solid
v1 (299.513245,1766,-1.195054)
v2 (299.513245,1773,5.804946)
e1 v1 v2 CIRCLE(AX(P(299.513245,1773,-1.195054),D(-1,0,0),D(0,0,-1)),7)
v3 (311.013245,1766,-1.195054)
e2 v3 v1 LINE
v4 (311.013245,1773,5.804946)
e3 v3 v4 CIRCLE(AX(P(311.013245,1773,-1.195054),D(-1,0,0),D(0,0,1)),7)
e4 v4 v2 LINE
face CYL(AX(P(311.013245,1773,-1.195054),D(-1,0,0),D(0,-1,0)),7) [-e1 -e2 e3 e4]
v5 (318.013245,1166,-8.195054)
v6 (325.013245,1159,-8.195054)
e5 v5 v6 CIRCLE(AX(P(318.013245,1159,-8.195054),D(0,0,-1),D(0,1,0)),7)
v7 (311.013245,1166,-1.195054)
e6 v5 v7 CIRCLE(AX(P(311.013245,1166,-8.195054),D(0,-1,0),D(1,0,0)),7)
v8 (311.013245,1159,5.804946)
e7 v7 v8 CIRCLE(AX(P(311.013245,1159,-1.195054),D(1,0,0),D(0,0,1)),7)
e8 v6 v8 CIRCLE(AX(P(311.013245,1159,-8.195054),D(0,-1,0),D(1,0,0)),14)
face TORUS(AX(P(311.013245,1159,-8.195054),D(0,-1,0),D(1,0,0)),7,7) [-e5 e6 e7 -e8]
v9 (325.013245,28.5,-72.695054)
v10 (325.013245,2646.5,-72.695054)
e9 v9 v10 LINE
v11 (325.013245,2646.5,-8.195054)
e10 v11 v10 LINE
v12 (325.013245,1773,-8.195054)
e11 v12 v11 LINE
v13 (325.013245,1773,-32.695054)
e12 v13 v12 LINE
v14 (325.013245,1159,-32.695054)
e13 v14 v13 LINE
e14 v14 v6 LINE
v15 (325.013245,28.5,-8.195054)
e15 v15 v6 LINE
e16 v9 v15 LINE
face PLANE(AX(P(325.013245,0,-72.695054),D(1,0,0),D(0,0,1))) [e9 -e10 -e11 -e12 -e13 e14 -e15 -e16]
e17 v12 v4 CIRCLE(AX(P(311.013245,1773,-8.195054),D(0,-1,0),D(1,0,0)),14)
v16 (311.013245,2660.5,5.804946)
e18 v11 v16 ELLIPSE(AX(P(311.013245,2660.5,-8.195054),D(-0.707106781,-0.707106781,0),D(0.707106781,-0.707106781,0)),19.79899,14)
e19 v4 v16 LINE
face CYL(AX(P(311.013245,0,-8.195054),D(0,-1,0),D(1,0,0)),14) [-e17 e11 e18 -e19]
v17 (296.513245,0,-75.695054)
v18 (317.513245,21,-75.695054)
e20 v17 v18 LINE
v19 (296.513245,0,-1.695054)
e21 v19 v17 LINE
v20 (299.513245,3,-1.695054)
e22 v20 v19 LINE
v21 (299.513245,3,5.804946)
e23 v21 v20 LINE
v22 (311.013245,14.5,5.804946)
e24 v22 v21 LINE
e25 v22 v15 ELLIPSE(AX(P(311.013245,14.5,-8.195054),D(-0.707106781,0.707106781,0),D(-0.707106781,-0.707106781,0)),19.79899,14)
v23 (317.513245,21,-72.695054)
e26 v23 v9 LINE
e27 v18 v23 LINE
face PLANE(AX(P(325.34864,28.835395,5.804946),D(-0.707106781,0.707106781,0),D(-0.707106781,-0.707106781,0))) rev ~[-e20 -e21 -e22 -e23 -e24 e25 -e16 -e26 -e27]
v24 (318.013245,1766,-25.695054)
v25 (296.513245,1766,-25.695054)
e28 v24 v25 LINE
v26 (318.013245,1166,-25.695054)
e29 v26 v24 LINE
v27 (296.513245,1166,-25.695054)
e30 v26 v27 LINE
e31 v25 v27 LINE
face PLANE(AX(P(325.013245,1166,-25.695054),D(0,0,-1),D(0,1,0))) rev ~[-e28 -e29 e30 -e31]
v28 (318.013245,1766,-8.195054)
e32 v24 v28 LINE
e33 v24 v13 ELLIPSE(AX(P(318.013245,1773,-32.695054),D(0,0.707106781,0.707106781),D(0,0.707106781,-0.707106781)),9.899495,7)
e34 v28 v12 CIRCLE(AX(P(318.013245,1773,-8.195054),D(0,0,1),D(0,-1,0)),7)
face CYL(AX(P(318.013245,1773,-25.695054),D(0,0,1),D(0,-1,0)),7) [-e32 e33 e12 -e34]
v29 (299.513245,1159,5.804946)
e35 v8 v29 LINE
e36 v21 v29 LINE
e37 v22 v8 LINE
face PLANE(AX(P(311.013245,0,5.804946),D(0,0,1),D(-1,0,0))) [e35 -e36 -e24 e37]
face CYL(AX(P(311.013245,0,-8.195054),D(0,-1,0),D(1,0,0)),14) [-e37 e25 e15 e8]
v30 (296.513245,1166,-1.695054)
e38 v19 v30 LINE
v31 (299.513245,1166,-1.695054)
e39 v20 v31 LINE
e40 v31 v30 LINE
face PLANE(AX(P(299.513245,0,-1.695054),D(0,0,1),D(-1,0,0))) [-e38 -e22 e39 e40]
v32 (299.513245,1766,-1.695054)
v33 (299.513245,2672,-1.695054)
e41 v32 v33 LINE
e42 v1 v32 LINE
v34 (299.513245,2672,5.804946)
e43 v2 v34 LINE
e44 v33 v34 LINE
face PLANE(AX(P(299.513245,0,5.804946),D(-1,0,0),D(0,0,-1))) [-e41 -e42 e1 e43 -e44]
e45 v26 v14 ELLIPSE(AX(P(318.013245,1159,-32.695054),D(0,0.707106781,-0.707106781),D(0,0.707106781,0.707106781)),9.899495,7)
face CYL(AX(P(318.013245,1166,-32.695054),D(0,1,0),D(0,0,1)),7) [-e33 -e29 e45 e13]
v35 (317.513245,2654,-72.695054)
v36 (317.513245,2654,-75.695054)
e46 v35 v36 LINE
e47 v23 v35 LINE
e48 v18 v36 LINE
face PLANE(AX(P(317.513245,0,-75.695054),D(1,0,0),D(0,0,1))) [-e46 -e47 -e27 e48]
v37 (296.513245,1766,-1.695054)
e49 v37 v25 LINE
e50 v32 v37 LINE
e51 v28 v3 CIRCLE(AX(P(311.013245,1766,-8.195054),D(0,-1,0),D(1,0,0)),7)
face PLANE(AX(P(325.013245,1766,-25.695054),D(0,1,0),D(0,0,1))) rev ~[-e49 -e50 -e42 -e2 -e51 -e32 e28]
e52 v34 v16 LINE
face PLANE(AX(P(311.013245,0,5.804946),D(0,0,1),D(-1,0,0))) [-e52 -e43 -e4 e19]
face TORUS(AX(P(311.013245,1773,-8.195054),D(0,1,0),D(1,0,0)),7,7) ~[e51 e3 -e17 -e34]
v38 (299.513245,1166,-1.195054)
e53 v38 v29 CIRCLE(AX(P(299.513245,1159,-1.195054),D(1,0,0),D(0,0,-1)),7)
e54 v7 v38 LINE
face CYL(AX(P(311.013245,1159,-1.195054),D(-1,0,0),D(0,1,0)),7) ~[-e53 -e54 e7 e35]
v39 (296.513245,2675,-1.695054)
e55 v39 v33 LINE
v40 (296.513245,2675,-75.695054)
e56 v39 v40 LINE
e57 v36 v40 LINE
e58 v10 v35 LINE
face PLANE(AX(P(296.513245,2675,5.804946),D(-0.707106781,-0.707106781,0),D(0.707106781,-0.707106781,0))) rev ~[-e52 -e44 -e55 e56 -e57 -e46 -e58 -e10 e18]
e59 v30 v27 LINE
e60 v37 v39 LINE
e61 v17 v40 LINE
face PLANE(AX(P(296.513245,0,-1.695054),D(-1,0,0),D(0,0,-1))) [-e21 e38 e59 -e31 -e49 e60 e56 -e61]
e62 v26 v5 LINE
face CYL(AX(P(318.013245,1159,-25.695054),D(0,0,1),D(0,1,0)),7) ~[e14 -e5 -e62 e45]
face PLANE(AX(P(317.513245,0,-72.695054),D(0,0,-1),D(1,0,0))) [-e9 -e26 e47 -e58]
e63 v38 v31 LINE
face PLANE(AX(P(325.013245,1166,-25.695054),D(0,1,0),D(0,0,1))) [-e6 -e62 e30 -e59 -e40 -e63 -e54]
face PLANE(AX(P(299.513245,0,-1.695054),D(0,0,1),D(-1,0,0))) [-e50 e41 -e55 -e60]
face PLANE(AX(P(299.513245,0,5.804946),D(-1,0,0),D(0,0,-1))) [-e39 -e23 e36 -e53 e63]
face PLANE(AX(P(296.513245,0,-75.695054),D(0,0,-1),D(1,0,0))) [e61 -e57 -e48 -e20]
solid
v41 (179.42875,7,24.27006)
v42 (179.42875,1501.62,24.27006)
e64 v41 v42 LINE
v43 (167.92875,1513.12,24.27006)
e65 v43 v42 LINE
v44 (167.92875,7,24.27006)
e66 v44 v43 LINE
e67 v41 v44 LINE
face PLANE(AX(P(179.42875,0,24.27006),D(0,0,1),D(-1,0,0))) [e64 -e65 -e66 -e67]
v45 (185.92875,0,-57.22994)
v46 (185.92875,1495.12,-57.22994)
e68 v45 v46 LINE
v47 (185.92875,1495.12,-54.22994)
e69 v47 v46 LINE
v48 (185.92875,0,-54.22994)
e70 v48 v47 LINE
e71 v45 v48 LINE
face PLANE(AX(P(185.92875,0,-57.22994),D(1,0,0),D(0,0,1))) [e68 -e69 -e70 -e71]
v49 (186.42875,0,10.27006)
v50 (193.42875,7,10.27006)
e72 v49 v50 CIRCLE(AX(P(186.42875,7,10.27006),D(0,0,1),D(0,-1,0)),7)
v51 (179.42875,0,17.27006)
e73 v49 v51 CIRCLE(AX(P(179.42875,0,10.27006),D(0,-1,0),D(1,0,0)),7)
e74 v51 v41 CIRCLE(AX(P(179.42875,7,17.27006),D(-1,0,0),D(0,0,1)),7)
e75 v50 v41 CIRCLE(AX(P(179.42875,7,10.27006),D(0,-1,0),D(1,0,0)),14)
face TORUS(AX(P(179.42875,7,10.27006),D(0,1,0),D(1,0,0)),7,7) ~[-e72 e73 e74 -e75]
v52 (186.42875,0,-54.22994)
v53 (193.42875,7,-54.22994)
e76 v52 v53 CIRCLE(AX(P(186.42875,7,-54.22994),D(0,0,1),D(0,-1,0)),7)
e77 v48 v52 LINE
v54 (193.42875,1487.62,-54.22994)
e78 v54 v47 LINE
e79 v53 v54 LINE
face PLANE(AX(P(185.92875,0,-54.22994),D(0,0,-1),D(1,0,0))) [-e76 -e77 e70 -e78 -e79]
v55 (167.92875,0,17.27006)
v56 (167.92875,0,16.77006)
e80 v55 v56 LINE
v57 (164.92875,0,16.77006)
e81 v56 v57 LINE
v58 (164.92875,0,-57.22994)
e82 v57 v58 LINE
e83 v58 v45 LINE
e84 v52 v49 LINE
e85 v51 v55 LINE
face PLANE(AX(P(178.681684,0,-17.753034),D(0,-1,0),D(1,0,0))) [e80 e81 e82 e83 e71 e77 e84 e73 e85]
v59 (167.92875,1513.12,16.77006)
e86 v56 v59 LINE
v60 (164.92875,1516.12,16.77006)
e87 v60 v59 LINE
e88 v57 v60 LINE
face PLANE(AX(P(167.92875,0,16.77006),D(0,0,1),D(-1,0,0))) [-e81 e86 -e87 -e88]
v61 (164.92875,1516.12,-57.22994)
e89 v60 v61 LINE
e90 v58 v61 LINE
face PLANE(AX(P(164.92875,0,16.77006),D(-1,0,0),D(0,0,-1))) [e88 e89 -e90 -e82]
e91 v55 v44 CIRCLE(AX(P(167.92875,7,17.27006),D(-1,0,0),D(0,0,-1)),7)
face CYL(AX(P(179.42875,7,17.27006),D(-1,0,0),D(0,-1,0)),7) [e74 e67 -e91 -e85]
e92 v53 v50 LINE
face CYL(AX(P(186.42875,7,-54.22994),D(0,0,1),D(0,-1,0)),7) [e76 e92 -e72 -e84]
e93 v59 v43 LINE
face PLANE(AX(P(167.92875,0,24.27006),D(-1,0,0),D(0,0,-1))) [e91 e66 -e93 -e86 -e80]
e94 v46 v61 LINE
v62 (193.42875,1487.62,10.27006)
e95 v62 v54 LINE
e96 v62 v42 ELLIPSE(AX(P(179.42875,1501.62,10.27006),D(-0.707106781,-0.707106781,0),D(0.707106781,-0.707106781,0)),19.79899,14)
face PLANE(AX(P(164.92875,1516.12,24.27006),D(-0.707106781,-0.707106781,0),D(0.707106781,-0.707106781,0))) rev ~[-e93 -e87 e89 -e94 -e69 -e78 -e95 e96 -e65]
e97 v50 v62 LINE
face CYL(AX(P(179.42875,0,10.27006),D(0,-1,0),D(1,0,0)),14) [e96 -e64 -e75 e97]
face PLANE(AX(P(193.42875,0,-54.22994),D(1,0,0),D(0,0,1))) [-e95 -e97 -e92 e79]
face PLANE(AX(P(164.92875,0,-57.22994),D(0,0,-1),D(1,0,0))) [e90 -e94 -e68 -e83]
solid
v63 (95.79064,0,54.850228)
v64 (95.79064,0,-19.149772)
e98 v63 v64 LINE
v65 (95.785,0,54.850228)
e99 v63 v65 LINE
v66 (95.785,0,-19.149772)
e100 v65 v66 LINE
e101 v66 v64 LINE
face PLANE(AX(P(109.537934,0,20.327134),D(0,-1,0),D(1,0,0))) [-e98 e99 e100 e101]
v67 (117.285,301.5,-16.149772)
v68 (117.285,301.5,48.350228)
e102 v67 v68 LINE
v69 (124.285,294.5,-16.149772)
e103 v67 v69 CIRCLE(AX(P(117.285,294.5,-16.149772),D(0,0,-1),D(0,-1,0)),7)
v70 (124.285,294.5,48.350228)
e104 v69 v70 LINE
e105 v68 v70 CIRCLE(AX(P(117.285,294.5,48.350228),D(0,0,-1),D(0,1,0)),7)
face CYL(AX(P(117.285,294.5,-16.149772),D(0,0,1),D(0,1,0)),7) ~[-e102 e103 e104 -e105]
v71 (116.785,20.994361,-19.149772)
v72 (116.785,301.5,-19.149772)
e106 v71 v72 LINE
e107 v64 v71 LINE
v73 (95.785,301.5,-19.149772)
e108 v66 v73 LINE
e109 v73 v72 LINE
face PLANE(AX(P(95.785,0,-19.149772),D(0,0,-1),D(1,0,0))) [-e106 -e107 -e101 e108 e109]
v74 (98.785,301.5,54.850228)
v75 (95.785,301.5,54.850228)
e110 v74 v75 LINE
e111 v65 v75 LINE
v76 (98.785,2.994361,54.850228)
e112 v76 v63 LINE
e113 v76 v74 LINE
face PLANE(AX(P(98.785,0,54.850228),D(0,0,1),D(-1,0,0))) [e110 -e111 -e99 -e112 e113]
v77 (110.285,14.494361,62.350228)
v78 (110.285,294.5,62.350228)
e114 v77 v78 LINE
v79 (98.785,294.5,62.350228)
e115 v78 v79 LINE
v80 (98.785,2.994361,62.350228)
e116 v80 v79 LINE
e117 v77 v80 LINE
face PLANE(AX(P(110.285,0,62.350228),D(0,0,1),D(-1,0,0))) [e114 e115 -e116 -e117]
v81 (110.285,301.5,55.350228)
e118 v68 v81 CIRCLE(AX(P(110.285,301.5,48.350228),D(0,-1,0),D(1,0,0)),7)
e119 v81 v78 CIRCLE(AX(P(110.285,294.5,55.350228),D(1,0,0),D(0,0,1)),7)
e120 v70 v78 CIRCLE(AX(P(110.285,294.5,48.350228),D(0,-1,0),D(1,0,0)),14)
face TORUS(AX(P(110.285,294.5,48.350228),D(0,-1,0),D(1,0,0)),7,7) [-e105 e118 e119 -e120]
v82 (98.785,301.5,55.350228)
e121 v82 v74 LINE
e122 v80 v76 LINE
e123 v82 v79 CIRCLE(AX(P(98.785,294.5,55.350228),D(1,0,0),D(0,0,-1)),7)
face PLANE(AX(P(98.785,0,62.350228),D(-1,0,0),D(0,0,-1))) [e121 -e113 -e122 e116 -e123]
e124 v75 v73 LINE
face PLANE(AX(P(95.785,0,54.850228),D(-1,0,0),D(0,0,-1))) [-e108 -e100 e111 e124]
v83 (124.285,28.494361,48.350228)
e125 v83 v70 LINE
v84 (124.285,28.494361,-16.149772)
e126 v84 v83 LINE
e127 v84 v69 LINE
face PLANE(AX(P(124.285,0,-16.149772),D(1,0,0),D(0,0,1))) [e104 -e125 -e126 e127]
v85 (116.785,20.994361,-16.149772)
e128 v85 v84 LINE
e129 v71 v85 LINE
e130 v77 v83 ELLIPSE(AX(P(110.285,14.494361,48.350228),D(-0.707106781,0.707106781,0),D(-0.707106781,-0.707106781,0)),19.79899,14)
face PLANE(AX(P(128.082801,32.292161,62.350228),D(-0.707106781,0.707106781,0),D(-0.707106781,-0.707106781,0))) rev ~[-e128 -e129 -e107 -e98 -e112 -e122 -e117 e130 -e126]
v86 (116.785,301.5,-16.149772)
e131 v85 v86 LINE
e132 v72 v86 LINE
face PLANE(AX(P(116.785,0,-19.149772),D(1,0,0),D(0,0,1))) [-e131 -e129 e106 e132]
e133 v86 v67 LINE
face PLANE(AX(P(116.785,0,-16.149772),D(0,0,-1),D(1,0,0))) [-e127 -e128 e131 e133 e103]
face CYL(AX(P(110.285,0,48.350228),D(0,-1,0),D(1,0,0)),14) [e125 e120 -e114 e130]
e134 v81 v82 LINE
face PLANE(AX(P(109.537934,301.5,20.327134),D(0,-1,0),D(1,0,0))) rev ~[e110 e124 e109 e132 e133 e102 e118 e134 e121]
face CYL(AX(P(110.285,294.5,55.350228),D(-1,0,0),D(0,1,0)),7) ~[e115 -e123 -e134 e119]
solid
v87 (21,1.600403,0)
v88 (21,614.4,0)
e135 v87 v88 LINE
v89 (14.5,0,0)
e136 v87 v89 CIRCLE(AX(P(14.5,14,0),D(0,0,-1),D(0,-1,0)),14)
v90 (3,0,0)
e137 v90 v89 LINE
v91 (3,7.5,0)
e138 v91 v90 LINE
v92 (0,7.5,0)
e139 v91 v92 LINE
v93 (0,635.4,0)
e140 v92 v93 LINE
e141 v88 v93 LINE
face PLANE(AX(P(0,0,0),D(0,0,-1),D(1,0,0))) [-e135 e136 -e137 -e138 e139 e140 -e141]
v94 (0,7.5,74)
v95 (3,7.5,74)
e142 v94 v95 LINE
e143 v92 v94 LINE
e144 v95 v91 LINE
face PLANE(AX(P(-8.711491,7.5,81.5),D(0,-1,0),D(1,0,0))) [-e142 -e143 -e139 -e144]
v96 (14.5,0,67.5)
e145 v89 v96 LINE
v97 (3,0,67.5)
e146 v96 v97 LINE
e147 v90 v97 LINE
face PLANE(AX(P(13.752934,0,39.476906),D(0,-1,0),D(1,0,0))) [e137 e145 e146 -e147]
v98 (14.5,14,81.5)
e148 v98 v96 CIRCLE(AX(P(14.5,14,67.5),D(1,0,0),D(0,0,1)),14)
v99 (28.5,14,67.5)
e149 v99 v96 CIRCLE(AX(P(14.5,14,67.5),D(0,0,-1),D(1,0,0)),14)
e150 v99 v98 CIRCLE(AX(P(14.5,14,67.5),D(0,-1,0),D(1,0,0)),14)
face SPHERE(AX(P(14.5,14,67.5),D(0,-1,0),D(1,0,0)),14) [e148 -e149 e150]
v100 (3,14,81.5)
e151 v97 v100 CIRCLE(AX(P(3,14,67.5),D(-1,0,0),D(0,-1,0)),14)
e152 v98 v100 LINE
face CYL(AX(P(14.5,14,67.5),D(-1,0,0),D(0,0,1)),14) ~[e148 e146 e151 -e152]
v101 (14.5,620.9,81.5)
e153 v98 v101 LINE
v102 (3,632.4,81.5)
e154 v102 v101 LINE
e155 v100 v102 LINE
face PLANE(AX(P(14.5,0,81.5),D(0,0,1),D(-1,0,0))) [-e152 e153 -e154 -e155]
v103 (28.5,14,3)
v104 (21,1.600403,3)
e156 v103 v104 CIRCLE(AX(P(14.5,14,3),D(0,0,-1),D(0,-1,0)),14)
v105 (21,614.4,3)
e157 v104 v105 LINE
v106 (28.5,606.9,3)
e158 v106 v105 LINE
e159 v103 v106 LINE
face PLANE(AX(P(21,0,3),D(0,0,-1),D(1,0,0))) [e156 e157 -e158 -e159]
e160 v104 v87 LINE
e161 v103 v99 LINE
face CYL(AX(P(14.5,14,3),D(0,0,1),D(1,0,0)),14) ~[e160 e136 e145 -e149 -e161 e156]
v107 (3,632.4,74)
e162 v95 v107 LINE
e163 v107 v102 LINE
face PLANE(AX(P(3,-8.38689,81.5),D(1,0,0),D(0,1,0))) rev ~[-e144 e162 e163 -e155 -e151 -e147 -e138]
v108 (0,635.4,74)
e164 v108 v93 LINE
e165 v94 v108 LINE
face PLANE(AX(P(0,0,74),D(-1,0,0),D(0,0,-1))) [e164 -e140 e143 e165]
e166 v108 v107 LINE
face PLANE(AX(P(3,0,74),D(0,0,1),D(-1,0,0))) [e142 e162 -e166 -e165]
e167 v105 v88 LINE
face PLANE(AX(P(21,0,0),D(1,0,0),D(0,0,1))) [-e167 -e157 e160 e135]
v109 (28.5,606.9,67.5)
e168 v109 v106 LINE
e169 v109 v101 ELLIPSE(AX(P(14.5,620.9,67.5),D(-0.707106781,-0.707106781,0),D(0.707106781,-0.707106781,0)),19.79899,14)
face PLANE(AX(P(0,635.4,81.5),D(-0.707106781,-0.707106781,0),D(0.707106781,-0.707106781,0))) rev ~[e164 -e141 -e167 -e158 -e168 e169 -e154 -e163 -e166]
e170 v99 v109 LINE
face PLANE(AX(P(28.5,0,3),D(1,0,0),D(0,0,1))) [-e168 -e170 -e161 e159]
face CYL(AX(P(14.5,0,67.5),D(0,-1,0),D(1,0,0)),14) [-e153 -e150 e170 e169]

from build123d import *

# Parameters (mm, degrees)
F1_DEPTH  = 635.4
F2_R      = 14
F3_W      = 11.7114912719
F3_H      = 15.8868902363
F4_DEPTH  = 81.501
F6_DEPTH  = 301.5
F8_DEPTH  = 81.501
F9_R      = 7
F11_DEPTH = 1516.12
F13_DEPTH = 81.501
F14_R     = 7
F16_DEPTH = 2675
F18_DEPTH = 81.501
F19_W     = 600
F19_H     = 102.8366100552
F20_DEPTH = 325.014245344
F21_R     = 7


with BuildPart() as f1:
    # F0 (on Front) → F1 (new body)
    with BuildSketch(Plane.XZ):
        with BuildLine():
            Line((0, 74), (0, 0))
            Line((0, 0), (21, 0))
            Line((21, 0), (21, 3))
            Line((21, 3), (28.5, 3))
            Line((28.5, 3), (28.5, 67.5))
            ThreePointArc((28.5, 67.5), (24.3994949366, 77.3994949366), (14.5, 81.5))
            Line((14.5, 81.5), (3, 81.5))
            Line((3, 81.5), (3, 74))
            Line((3, 74), (0, 74))
        make_face()
    extrude(amount=-F1_DEPTH)

    # F2
    f2_edges = [f1.edges().sort_by_distance(p)[0] for p in [
        (8.75, 0, 81.5),
    ]]
    fillet(f2_edges, radius=F2_R)

    # F3 (on face) → F4 (cut, through all)
    with BuildSketch(Plane.XY.offset(81.5)):
        Polygon((32.8396826832, 635.8946625846), (0, 635.4), (32.8396826832, 602.5603173168), align=None)
        with Locations((-2.8557456359, -0.4434451181)):
            Rectangle(F3_W, F3_H)
    extrude(amount=-F4_DEPTH, mode=Mode.SUBTRACT)


with BuildPart() as f6:
    # F5 (on Front) → F6 (new body)
    with BuildSketch(Plane.XZ):
        with BuildLine():
            Line((95.7850002645, 54.8502280084), (95.7850002645, -19.1497719916))
            Line((95.7850002645, -19.1497719916), (116.7850002645, -19.1497719916))
            Line((116.7850002645, -19.1497719916), (116.7850002645, -16.1497719916))
            Line((116.7850002645, -16.1497719916), (124.2850002645, -16.1497719916))
            Line((124.2850002645, -16.1497719916), (124.2850002645, 48.3502280084))
            ThreePointArc((124.2850002645, 48.3502280084), (120.1844952011, 58.249722945), (110.2850002645, 62.3502280084))
            Line((110.2850002645, 62.3502280084), (98.7850002645, 62.3502280084))
            Line((98.7850002645, 62.3502280084), (98.7850002645, 54.8502280084))
            Line((98.7850002645, 54.8502280084), (95.7850002645, 54.8502280084))
        make_face()
    extrude(amount=-F6_DEPTH)

    # F7 (on face) → F8 (cut, through all)
    with BuildSketch(Plane.XY.offset(62.3502280084)):
        Polygon((128.0828008649, 32.2921613452), (95.7906395197, 0), (128.0828008649, -11.502165139), align=None)
    extrude(amount=-F8_DEPTH, mode=Mode.SUBTRACT)

    # F9
    f9_edges = [f6.edges().sort_by_distance(p)[0] for p in [
        (124.285, 301.5, 16.100228),
    ]]
    fillet(f9_edges, radius=F9_R)


with BuildPart() as f11:
    # F10 (on Front) → F11 (new body)
    with BuildSketch(Plane.XZ):
        with BuildLine():
            Line((164.928750038, 16.7700600518), (164.928750038, -57.2299399482))
            Line((164.928750038, -57.2299399482), (185.928750038, -57.2299399482))
            Line((185.928750038, -57.2299399482), (185.928750038, -54.2299399482))
            Line((185.928750038, -54.2299399482), (193.428750038, -54.2299399482))
            Line((193.428750038, -54.2299399482), (193.428750038, 10.2700600518))
            ThreePointArc((193.428750038, 10.2700600518), (189.3282449746, 20.1695549884), (179.428750038, 24.2700600518))
            Line((179.428750038, 24.2700600518), (167.928750038, 24.2700600518))
            Line((167.928750038, 24.2700600518), (167.928750038, 16.7700600518))
            Line((167.928750038, 16.7700600518), (164.928750038, 16.7700600518))
        make_face()
    extrude(amount=-F11_DEPTH)

    # F12 (on face) → F13 (cut, through all)
    with BuildSketch(Plane.XY.offset(24.2700600518)):
        Polygon((222.393949924, 1522.9550638974), (164.928750038, 1516.12), (222.393949924, 1458.6548001139), align=None)
    extrude(amount=-F13_DEPTH, mode=Mode.SUBTRACT)

    # F14
    f14_edges = [f11.edges().sort_by_distance(p)[0] for p in [
        (173.67875, 0, 24.27006),
    ]]
    fillet(f14_edges, radius=F14_R)


with BuildPart() as f16:
    # F15 (on Front) → F16 (new body)
    with BuildSketch(Plane.XZ):
        with BuildLine():
            Line((296.513245344, -1.6950537743), (296.513245344, -75.6950537743))
            Line((296.513245344, -75.6950537743), (317.513245344, -75.6950537743))
            Line((317.513245344, -75.6950537743), (317.513245344, -72.6950537743))
            Line((317.513245344, -72.6950537743), (325.013245344, -72.6950537743))
            Line((325.013245344, -72.6950537743), (325.013245344, -8.1950537743))
            ThreePointArc((325.013245344, -8.1950537743), (320.9127402806, 1.7044411623), (311.013245344, 5.8049462257))
            Line((311.013245344, 5.8049462257), (299.513245344, 5.8049462257))
            Line((299.513245344, 5.8049462257), (299.513245344, -1.6950537743))
            Line((299.513245344, -1.6950537743), (296.513245344, -1.6950537743))
        make_face()
    extrude(amount=-F16_DEPTH)

    # F17 (on face) → F18 (cut, through all)
    with BuildSketch(Plane.XY.offset(5.8049462257)):
        Polygon((325.3486404543, 28.8353951103), (296.513245344, 0), (328.7430405617, -5.8557791635), align=None)
        Polygon((329.7191858292, 2681.4970970154), (296.513245344, 2675), (329.9051460379, 2641.6080993061), align=None)
    extrude(amount=-F18_DEPTH, mode=Mode.SUBTRACT)

    # F19 (on face) → F20 (cut, through all)
    with BuildSketch(Plane.YZ.offset(325.013245344)):
        with Locations((1466, 25.7232512533)):
            Rectangle(F19_W, F19_H)
    extrude(amount=-F20_DEPTH, mode=Mode.SUBTRACT)

    # F21
    f21_edges = [f16.edges().sort_by_distance(p)[0] for p in [
        (305.263245, 1166, 5.804946),
        (325.013245, 1466, -25.695054),
        (305.263245, 1766, 5.804946),
    ]]
    fillet(f21_edges, radius=F21_R)


solid = Compound([f1.part, f6.part, f11.part, f16.part])
